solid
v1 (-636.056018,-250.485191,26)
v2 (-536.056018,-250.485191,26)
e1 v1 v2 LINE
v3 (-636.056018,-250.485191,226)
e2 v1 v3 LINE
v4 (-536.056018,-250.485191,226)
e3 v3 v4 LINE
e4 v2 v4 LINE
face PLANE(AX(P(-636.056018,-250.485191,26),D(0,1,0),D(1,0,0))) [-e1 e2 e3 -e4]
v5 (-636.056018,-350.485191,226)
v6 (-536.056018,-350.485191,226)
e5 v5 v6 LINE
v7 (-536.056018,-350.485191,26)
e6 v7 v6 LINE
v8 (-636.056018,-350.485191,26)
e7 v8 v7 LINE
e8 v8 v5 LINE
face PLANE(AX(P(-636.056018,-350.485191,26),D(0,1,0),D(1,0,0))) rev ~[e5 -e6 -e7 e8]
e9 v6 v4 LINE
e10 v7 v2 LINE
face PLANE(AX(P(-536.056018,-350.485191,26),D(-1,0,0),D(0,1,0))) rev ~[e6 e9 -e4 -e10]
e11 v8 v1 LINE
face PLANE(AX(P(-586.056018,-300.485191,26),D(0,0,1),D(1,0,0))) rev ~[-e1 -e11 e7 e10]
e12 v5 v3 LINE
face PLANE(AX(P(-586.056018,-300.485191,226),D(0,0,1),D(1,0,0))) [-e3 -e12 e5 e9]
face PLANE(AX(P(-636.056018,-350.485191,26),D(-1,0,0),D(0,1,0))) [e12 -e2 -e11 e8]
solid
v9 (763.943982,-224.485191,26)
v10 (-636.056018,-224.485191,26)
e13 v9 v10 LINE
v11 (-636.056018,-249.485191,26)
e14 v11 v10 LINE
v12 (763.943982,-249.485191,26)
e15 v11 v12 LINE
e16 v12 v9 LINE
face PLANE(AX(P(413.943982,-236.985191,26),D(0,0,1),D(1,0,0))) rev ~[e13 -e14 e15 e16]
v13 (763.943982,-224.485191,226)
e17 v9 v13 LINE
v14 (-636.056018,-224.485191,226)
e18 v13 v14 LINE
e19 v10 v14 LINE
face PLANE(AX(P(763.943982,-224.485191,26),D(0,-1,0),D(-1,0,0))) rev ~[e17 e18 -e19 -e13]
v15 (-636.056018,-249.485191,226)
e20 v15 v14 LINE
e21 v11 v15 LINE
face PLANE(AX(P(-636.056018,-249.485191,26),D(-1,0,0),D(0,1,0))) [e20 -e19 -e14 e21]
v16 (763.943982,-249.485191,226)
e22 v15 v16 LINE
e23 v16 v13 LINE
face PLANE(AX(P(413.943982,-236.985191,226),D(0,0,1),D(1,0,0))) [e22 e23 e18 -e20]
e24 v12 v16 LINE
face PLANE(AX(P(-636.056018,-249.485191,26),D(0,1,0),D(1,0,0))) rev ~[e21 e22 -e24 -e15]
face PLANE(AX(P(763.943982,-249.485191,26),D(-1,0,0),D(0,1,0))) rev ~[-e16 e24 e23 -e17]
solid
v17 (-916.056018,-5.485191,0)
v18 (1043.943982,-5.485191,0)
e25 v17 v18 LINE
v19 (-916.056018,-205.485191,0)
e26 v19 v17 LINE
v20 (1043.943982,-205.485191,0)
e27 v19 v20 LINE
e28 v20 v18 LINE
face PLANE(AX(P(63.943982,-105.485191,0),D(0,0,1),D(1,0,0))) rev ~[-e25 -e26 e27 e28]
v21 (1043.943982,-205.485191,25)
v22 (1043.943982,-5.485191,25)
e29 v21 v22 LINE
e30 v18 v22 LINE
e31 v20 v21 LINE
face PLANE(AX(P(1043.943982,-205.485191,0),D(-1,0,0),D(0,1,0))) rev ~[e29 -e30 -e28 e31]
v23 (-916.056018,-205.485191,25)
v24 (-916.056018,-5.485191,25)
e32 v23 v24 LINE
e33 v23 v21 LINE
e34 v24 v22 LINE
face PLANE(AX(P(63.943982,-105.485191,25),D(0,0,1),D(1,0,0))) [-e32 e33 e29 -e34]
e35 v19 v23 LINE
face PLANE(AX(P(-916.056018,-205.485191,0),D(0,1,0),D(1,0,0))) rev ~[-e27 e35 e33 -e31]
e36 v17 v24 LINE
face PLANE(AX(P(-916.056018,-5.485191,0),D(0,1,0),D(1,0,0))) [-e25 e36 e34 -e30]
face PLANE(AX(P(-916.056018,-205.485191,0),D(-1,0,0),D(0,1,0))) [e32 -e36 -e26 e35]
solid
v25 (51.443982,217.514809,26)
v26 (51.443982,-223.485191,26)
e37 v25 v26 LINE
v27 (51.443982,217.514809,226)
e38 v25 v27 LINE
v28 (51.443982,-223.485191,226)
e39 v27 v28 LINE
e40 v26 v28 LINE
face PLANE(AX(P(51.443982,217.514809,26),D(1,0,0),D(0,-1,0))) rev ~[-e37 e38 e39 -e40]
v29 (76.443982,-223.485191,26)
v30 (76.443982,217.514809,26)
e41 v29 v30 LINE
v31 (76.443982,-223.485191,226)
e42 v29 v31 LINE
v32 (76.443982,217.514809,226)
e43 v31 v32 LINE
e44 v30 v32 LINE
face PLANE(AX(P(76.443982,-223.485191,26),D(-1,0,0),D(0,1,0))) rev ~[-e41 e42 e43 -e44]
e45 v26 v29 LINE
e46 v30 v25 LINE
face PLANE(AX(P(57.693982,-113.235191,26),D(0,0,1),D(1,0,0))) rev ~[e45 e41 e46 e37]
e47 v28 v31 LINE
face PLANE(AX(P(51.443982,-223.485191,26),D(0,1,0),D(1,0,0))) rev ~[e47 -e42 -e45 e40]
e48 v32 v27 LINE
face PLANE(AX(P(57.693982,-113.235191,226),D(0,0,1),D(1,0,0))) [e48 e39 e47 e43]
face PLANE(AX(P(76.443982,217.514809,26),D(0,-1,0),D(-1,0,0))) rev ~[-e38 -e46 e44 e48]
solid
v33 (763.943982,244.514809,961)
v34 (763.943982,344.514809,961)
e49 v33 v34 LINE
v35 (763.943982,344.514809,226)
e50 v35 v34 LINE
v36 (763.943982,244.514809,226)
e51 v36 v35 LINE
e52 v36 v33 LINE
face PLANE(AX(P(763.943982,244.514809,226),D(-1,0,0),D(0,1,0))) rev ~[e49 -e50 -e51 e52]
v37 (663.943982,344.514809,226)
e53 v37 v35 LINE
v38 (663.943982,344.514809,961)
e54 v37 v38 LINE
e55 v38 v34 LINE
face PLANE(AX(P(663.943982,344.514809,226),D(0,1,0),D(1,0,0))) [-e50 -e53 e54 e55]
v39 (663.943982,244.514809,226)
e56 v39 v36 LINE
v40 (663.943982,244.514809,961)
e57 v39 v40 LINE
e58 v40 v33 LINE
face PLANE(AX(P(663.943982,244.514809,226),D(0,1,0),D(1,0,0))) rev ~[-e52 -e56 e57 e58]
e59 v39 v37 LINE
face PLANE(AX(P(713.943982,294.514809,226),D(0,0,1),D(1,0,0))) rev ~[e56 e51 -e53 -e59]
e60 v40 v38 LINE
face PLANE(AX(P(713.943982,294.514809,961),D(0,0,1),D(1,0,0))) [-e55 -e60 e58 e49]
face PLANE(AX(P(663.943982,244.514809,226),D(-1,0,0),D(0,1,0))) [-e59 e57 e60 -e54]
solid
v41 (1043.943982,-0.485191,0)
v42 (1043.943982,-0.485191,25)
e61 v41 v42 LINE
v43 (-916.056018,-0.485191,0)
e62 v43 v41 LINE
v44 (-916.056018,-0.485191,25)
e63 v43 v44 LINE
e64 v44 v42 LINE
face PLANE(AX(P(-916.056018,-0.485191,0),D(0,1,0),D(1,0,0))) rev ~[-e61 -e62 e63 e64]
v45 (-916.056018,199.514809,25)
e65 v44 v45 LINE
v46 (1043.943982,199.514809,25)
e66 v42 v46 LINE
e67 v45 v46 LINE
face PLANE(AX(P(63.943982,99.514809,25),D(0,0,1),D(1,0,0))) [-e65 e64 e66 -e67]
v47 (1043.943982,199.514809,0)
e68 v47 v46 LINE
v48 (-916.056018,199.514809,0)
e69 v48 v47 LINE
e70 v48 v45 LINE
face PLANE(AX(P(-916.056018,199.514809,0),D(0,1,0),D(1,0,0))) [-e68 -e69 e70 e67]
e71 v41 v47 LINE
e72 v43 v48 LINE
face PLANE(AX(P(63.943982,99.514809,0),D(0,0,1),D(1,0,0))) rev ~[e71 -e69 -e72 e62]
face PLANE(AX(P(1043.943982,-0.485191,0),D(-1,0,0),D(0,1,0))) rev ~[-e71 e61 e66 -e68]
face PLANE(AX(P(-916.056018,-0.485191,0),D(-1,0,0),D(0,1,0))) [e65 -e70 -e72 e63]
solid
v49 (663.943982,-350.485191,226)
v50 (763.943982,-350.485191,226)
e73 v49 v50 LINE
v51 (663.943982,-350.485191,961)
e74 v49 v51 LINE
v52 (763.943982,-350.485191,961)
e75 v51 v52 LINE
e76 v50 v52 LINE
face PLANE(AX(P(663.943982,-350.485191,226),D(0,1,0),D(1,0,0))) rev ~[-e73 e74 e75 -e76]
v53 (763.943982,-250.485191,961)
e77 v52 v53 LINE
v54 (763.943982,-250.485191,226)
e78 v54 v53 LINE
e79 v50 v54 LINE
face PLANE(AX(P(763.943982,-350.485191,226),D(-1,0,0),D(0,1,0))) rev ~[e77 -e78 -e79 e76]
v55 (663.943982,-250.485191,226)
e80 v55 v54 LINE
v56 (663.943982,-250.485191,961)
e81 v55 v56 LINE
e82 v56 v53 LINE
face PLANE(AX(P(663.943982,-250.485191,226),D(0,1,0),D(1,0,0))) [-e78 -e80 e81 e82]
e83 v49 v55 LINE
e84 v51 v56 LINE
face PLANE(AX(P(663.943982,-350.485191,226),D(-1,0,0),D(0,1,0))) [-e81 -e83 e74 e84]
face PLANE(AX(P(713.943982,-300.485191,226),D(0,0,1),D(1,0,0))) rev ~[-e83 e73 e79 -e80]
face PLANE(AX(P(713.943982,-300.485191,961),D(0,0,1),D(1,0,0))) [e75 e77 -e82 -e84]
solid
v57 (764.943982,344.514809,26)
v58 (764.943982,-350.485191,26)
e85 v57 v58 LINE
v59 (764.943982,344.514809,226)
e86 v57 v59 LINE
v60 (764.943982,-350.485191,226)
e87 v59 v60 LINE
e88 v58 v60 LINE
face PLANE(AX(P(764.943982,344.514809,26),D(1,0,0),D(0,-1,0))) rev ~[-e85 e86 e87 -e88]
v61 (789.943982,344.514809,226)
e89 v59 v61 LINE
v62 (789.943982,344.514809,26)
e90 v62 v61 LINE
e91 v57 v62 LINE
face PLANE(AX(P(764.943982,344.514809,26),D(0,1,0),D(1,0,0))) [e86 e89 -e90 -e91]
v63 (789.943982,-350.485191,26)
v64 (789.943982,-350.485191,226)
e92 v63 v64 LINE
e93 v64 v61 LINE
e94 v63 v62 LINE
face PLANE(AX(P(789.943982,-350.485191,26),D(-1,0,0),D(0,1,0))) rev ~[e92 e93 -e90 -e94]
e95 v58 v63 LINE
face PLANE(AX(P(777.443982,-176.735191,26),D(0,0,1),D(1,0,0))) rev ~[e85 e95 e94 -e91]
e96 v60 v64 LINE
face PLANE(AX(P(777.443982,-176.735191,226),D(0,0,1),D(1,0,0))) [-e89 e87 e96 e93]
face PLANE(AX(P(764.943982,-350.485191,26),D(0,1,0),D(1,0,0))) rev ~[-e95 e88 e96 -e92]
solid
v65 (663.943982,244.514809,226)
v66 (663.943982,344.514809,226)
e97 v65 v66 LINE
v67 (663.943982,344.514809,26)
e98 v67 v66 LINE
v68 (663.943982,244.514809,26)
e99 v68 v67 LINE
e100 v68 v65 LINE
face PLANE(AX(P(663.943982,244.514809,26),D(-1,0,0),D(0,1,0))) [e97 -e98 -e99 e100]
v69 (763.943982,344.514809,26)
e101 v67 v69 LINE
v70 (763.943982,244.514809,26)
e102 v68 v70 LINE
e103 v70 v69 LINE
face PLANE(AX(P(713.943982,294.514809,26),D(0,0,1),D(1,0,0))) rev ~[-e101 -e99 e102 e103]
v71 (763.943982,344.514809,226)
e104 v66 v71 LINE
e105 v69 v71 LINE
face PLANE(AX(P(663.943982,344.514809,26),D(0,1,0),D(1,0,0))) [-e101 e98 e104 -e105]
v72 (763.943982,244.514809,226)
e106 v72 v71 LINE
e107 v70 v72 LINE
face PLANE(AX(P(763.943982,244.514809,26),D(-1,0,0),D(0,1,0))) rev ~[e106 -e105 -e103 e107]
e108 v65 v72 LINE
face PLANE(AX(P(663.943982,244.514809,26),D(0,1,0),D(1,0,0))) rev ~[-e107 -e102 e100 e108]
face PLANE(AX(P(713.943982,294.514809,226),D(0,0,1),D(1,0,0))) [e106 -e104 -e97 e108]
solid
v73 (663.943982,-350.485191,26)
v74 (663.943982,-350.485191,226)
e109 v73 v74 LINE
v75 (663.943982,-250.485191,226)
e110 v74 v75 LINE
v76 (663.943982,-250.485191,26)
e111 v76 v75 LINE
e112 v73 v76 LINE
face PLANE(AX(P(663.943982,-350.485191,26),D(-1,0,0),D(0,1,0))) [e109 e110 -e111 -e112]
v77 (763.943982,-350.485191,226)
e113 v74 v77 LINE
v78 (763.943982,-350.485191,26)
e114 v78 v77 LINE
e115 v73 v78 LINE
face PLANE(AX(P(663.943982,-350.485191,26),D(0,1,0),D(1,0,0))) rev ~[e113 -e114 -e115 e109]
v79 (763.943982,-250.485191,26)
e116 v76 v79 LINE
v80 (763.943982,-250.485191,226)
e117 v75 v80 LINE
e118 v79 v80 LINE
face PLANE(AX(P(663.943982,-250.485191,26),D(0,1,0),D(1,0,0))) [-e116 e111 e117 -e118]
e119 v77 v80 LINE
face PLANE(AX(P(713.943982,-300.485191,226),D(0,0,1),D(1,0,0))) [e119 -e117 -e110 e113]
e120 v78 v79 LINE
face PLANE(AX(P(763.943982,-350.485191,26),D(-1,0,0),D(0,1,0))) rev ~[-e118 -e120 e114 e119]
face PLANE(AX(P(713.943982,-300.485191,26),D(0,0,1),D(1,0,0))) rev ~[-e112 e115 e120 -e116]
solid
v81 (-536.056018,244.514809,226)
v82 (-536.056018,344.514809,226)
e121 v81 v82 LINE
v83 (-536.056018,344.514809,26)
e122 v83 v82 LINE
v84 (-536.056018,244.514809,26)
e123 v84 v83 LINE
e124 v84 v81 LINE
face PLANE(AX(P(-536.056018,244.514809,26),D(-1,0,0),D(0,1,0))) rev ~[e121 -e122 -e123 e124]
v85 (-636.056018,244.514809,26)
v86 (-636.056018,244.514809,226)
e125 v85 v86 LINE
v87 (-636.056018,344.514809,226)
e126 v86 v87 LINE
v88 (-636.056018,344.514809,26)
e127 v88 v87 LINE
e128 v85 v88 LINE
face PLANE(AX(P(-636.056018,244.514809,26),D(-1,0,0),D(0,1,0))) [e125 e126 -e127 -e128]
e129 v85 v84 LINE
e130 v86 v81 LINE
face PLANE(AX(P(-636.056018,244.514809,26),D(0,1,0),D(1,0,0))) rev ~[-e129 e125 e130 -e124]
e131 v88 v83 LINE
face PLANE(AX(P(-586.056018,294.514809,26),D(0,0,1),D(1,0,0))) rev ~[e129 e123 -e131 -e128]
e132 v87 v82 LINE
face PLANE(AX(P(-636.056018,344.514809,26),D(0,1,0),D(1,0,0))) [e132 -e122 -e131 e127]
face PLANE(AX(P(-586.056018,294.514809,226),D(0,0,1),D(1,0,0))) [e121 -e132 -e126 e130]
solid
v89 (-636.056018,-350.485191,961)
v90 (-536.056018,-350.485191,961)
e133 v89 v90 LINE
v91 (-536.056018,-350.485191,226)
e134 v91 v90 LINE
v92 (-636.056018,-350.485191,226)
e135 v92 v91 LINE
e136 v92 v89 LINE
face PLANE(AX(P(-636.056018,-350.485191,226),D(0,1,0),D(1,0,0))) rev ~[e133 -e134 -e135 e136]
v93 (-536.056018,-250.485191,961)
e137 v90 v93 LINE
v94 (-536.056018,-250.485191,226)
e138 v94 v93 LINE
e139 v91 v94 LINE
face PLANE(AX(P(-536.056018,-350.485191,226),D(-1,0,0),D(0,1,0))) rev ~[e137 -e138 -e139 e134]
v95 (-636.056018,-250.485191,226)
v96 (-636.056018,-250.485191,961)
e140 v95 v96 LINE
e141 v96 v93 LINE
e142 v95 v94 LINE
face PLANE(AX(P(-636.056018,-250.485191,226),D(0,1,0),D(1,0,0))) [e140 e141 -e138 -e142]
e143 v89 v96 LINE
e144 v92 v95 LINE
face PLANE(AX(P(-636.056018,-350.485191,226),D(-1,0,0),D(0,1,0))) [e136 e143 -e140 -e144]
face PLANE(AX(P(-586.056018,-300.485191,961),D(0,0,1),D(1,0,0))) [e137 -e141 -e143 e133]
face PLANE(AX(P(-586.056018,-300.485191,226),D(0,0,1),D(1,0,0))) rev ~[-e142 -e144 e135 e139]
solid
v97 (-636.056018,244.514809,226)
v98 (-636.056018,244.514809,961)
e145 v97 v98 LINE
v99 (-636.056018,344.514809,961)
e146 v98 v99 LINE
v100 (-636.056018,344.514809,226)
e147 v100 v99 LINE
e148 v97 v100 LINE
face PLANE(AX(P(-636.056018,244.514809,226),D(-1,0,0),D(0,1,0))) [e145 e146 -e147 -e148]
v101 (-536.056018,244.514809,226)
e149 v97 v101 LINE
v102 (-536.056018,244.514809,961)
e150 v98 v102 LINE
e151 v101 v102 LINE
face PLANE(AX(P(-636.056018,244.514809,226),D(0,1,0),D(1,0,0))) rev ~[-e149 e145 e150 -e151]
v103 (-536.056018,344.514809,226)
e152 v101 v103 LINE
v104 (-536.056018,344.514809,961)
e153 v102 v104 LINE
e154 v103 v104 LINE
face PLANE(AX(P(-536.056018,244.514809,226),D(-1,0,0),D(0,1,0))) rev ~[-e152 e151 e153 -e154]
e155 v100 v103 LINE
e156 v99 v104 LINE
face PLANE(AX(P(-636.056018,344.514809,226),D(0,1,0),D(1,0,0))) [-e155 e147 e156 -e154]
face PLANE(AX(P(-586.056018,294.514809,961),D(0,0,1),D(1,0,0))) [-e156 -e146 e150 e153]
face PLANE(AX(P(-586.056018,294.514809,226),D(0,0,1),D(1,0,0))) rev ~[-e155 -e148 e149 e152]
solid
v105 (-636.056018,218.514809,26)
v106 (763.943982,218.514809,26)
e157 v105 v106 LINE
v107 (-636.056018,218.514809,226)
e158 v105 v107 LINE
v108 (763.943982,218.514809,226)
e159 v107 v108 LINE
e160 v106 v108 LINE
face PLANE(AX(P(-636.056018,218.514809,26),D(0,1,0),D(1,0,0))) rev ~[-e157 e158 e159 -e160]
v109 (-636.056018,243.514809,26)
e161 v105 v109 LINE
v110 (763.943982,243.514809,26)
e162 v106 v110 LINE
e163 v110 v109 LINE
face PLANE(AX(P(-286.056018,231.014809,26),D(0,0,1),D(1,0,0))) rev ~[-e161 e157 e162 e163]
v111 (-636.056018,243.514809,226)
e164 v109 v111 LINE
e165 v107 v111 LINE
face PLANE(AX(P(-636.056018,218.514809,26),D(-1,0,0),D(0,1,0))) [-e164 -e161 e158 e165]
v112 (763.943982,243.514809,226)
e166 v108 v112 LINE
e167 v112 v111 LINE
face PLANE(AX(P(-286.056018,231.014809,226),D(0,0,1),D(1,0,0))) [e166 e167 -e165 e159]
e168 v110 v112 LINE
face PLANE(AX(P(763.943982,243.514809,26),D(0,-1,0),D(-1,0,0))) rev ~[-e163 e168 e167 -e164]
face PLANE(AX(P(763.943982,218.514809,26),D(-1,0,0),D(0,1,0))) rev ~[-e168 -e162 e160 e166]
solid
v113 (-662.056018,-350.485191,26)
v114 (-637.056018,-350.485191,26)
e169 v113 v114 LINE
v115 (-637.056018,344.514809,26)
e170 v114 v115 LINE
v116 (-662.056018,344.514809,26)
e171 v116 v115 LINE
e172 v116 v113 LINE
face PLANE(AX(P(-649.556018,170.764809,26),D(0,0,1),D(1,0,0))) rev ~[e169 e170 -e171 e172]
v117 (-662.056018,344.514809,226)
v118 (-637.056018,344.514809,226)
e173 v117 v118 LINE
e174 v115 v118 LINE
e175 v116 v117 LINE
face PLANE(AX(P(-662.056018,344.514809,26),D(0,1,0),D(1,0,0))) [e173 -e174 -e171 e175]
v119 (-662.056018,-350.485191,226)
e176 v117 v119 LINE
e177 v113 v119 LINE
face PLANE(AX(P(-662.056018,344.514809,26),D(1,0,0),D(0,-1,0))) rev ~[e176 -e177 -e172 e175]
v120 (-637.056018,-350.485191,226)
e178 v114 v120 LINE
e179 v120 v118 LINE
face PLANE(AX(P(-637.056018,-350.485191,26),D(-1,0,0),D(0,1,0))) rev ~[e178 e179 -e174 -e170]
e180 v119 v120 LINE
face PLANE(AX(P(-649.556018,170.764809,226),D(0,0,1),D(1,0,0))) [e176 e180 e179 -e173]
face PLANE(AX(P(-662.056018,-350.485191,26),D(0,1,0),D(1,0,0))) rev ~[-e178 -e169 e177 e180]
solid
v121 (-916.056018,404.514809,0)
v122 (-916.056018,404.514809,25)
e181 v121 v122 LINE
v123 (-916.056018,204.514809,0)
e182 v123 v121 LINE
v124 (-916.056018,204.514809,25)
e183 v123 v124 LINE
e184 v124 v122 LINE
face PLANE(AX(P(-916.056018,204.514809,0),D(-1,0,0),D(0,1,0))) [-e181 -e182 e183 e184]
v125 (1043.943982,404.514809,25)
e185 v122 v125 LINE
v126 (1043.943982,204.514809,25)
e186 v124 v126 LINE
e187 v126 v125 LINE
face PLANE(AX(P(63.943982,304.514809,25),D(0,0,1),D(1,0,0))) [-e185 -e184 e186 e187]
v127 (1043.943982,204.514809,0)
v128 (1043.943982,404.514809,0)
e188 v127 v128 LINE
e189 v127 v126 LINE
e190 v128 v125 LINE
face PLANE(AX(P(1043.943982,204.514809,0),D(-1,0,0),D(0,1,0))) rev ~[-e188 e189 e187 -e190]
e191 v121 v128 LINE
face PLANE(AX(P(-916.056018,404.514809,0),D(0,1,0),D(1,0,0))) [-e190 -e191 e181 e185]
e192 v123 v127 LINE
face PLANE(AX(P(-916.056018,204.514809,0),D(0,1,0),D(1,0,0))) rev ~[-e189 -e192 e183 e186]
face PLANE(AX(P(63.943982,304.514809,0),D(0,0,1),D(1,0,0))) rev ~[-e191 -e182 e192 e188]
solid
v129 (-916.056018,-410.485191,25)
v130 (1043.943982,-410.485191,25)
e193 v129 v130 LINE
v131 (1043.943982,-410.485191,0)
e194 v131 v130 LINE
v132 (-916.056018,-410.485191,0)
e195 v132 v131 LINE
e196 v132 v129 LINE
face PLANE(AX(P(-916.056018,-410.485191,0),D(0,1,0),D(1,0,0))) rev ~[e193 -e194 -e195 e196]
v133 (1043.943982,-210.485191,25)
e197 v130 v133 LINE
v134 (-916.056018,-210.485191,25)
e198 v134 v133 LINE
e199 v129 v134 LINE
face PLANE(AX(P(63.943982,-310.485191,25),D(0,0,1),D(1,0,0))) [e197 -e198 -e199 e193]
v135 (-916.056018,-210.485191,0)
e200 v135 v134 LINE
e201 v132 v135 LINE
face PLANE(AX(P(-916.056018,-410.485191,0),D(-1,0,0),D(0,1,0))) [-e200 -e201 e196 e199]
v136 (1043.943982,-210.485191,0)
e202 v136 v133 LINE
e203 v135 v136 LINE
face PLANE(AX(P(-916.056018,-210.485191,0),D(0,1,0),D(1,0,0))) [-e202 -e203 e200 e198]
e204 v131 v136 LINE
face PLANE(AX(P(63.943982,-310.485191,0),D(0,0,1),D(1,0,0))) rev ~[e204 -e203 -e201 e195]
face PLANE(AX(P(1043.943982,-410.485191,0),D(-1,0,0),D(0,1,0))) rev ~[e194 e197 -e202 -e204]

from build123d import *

# Parameters (mm, degrees)
F0_W     = 1960
F0_H     = 200
F1_DEPTH = 25
F3_W     = 100
F3_H     = 100
F4_DEPTH = 200
F3_W_2   = 700
F3_H_2   = 25
F3_W_3   = 25
F3_H_3   = 347.5
F3_W_4   = 12.5
F3_H_4   = 220.5
F5_DEPTH = 735


with BuildPart() as f1:
    # F0 (on Top) → F1 (new body)
    with BuildSketch(Plane.XY):
        with Locations((63.9439821243, -310.4851912497)):
            Rectangle(F0_W, F0_H)
    extrude(amount=F1_DEPTH)


with BuildPart() as f1b:
    # F0 (on Top) → F1, piece 2 (new body)
    with BuildSketch(Plane.XY):
        with Locations((63.9439821243, -105.4851912497)):
            Rectangle(F0_W, F0_H)
    extrude(amount=F1_DEPTH)


with BuildPart() as f1c:
    # F0 (on Top) → F1, piece 3 (new body)
    with BuildSketch(Plane.XY):
        with Locations((63.9439821243, 99.5148087503)):
            Rectangle(F0_W, F0_H)
    extrude(amount=F1_DEPTH)


with BuildPart() as f1d:
    # F0 (on Top) → F1, piece 4 (new body)
    with BuildSketch(Plane.XY):
        with Locations((63.9439821243, 304.5148087503)):
            Rectangle(F0_W, F0_H)
    extrude(amount=F1_DEPTH)


with BuildPart() as f4:
    # F3 (on offset) → F4 (new body)
    with BuildSketch(Plane.XY.offset(26)):
        with Locations((-586.0560178757, 294.5148087503)):
            Rectangle(F3_W, F3_H)
    extrude(amount=F4_DEPTH)


with BuildPart() as f4b:
    # F3 (on offset) → F4, piece 2 (new body)
    with BuildSketch(Plane.XY.offset(26)):
        with Locations((-286.0560178757, 231.0148087503)):
            Rectangle(F3_W_2, F3_H_2)
        with Locations((413.9439821243, 231.0148087503)):
            Rectangle(F3_W_2, F3_H_2)
    extrude(amount=F4_DEPTH)


with BuildPart() as f4c:
    # F3 (on offset) → F4, piece 3 (new body)
    with BuildSketch(Plane.XY.offset(26)):
        with Locations((-649.5560178757, 170.7648087503)):
            Rectangle(F3_W_3, F3_H_3)
        with Locations((-649.5560178757, -176.7351912497)):
            Rectangle(F3_W_3, F3_H_3)
    extrude(amount=F4_DEPTH)


with BuildPart() as f4d:
    # F3 (on offset) → F4, piece 4 (new body)
    with BuildSketch(Plane.XY.offset(26)):
        with Locations((57.6939821243, -113.2351912497)):
            Rectangle(F3_W_4, F3_H_4)
        with Locations((57.6939821243, 107.2648087503)):
            Rectangle(F3_W_4, F3_H_4)
        with Locations((70.1939821243, 107.2648087503)):
            Rectangle(F3_W_4, F3_H_4)
        with Locations((70.1939821243, -113.2351912497)):
            Rectangle(F3_W_4, F3_H_4)
    extrude(amount=F4_DEPTH)


with BuildPart() as f4e:
    # F3 (on offset) → F4, piece 5 (new body)
    with BuildSketch(Plane.XY.offset(26)):
        with Locations((777.4439821243, -176.7351912497)):
            Rectangle(F3_W_3, F3_H_3)
        with Locations((777.4439821243, 170.7648087503)):
            Rectangle(F3_W_3, F3_H_3)
    extrude(amount=F4_DEPTH)


with BuildPart() as f4f:
    # F3 (on offset) → F4, piece 6 (new body)
    with BuildSketch(Plane.XY.offset(26)):
        with Locations((713.9439821243, 294.5148087503)):
            Rectangle(F3_W, F3_H)
    extrude(amount=F4_DEPTH)


with BuildPart() as f4g:
    # F3 (on offset) → F4, piece 7 (new body)
    with BuildSketch(Plane.XY.offset(26)):
        with Locations((413.9439821243, -236.9851912497)):
            Rectangle(F3_W_2, F3_H_2)
        with Locations((-286.0560178757, -236.9851912497)):
            Rectangle(F3_W_2, F3_H_2)
    extrude(amount=F4_DEPTH)


with BuildPart() as f4h:
    # F3 (on offset) → F4, piece 8 (new body)
    with BuildSketch(Plane.XY.offset(26)):
        with Locations((-586.0560178757, -300.4851912497)):
            Rectangle(F3_W, F3_H)
    extrude(amount=F4_DEPTH)


with BuildPart() as f4i:
    # F3 (on offset) → F4, piece 9 (new body)
    with BuildSketch(Plane.XY.offset(26)):
        with Locations((713.9439821243, -300.4851912497)):
            Rectangle(F3_W, F3_H)
    extrude(amount=F4_DEPTH)


with BuildPart() as f5:
    # F5 (new): a face of the model
    f5_faces = [f4h.part.faces().sort_by_distance(p)[0] for p in [
        (-586.0560178757, -300.4851912497, 226),
    ]]
    extrude(f5_faces, amount=F5_DEPTH)


with BuildPart() as f5b:
    # F5#2 (new): a face of the model
    f5_2_faces = [f4.part.faces().sort_by_distance(p)[0] for p in [
        (-586.0560178757, 294.5148087503, 226),
    ]]
    extrude(f5_2_faces, amount=F5_DEPTH)


with BuildPart() as f5c:
    # F5#3 (new): a face of the model
    f5_3_faces = [f4f.part.faces().sort_by_distance(p)[0] for p in [
        (713.9439821243, 294.5148087503, 226),
    ]]
    extrude(f5_3_faces, amount=F5_DEPTH)


with BuildPart() as f5d:
    # F5#4 (new): a face of the model
    f5_4_faces = [f4i.part.faces().sort_by_distance(p)[0] for p in [
        (713.9439821243, -300.4851912497, 226),
    ]]
    extrude(f5_4_faces, amount=F5_DEPTH)


solid = Compound([f1.part, f1b.part, f1c.part, f1d.part, f4.part, f4b.part, f4c.part, f4d.part, f4e.part, f4f.part, f4g.part, f4h.part, f4i.part, f5.part, f5b.part, f5c.part, f5d.part])
